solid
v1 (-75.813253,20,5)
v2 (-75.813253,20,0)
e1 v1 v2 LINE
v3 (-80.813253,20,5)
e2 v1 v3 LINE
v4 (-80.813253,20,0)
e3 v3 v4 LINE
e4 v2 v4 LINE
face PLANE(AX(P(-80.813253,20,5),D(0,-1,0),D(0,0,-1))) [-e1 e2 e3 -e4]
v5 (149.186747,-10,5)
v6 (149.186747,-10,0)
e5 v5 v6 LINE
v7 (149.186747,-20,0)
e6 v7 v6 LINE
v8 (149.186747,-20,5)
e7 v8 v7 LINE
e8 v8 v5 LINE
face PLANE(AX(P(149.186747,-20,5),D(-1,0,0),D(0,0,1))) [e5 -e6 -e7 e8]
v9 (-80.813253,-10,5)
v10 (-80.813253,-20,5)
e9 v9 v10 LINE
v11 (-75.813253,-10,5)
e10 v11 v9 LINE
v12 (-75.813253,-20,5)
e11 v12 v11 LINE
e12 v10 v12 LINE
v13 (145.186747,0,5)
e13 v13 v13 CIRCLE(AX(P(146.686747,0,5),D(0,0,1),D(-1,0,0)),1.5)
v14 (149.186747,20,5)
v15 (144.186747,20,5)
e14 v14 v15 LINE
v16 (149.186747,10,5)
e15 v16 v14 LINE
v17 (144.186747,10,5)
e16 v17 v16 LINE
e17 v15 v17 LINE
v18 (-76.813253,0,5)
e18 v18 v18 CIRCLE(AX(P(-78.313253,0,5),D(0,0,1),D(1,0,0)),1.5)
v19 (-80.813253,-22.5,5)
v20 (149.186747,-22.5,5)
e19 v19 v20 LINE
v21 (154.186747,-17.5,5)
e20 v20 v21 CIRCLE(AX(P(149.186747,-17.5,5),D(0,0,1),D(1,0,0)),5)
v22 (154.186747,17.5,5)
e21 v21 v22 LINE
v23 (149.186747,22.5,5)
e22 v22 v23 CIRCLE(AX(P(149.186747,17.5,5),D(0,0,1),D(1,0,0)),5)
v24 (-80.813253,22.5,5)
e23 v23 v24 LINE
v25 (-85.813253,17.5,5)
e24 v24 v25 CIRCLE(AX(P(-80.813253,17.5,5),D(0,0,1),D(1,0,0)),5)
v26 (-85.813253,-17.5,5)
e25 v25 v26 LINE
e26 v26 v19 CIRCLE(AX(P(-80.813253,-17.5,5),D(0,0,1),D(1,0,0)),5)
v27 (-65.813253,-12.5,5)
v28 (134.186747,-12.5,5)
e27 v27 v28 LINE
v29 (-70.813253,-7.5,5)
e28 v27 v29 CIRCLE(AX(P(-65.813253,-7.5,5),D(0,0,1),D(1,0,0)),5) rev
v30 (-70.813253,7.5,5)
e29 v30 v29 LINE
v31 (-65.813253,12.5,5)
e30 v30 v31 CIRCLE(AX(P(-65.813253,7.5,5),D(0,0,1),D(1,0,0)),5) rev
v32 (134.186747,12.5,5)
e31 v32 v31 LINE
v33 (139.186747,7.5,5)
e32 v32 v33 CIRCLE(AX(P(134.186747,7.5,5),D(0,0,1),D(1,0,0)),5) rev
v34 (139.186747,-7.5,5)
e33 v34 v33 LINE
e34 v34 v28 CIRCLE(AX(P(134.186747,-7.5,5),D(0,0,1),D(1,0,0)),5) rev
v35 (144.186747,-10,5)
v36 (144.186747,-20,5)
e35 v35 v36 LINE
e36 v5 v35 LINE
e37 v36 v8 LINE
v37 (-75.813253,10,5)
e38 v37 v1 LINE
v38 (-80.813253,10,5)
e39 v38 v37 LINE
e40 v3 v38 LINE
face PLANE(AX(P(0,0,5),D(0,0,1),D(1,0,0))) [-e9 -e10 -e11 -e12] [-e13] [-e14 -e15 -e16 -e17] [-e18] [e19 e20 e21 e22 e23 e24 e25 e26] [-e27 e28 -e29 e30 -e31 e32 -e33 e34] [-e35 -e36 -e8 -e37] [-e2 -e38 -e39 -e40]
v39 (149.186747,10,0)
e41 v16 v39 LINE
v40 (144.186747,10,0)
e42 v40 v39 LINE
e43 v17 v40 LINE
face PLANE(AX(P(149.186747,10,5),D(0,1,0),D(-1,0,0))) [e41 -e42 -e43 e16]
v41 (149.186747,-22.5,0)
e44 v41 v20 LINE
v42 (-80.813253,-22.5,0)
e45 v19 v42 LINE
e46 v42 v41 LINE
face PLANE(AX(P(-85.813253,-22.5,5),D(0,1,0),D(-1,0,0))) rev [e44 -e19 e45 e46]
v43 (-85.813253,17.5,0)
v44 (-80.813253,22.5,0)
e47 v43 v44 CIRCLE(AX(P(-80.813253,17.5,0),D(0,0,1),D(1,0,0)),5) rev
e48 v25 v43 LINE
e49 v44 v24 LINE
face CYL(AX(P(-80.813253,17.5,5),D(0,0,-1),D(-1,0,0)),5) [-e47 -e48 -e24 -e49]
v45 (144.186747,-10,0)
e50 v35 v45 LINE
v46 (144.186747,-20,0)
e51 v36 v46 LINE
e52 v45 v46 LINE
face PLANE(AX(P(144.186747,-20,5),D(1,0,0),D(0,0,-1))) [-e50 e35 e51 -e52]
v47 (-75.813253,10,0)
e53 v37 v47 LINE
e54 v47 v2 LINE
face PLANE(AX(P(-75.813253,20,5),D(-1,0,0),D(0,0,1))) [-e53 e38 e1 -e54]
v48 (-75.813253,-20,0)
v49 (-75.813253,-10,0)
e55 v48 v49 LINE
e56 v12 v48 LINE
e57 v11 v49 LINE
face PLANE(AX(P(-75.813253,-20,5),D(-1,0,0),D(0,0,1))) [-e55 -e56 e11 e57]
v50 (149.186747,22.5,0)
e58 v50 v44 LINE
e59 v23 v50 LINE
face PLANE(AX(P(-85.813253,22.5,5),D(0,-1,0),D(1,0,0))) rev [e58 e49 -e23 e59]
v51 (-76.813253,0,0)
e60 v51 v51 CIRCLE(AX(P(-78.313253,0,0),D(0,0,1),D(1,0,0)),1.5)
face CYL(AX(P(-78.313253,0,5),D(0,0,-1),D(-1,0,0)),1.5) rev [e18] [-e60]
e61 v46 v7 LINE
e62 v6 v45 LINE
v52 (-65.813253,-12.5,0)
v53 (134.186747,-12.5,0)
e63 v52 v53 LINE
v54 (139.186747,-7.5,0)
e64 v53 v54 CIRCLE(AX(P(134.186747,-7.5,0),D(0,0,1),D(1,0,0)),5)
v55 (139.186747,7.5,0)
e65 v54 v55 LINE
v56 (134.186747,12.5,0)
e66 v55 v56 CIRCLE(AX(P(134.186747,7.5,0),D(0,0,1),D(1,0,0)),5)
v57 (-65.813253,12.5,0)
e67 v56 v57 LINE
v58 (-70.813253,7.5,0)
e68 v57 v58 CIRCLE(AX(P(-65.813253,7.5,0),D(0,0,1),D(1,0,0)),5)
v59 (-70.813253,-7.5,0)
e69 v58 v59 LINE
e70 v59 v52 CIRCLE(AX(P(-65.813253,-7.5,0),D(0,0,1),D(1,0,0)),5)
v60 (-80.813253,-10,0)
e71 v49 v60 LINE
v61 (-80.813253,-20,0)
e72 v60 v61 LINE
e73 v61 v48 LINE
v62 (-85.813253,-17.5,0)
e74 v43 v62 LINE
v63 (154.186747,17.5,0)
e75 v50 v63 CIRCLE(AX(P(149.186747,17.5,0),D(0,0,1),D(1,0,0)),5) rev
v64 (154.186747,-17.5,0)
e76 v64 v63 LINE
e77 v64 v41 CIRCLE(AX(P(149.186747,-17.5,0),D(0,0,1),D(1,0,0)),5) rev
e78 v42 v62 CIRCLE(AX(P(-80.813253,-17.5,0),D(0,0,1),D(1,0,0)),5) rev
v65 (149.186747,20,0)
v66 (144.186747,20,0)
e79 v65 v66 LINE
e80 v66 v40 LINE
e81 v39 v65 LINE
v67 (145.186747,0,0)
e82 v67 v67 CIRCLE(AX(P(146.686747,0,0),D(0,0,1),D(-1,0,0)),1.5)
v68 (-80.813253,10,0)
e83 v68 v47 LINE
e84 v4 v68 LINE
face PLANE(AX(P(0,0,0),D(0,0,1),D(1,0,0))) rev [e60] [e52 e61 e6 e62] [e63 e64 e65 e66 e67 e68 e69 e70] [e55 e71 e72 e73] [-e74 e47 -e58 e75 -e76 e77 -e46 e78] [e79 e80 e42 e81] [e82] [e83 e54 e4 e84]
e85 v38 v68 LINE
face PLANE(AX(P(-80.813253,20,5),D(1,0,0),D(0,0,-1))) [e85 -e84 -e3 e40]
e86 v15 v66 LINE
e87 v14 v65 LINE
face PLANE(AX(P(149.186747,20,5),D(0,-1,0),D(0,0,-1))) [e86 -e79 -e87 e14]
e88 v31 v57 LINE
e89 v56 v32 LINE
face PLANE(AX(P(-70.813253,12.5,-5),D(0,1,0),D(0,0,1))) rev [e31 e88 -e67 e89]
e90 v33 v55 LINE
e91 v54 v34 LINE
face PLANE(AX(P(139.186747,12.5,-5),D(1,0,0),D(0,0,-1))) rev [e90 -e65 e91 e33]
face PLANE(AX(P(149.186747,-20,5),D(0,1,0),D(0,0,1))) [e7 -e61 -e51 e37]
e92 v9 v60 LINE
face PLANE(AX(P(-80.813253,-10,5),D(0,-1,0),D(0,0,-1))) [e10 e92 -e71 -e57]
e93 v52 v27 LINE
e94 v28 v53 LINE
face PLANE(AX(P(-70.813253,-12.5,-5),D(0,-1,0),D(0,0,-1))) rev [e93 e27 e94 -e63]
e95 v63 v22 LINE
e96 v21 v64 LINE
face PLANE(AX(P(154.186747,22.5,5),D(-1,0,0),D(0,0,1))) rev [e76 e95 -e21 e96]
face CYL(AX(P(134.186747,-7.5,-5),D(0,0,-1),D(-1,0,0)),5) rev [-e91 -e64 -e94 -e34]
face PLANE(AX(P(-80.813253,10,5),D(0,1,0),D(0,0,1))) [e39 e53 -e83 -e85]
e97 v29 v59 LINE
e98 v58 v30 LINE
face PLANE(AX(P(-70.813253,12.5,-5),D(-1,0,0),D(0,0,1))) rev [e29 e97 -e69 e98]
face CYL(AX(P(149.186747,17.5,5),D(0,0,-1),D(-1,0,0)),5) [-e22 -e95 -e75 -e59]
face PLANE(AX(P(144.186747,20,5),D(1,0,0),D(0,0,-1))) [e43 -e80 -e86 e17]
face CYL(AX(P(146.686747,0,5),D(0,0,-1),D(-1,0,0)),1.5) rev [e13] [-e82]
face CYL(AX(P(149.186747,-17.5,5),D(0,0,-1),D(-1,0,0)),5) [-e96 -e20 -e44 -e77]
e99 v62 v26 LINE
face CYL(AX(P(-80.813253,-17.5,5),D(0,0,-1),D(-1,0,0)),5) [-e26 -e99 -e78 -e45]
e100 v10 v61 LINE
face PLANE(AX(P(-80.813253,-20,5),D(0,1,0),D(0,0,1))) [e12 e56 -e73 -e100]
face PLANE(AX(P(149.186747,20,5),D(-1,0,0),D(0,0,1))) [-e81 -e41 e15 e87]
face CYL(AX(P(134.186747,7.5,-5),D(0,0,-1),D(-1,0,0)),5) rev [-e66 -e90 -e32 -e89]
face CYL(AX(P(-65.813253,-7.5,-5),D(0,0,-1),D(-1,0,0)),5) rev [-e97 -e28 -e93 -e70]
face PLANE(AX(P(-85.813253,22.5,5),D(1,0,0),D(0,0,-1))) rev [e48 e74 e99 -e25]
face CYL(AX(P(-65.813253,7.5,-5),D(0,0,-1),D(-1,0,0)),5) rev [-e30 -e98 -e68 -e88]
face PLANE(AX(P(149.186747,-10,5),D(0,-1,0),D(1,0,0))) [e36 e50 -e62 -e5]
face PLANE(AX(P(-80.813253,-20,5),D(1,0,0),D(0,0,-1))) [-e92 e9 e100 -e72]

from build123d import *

# Parameters (mm, degrees)
SKETCH1_W               = 240
SKETCH1_H               = 45
SKETCH1_R               = 1.5
SKETCH1_W_2             = 5
SKETCH1_H_2             = 10
BOSS_EXTRUDE1_DEPTH     = 5
ESQUISSE1_W             = 210
ESQUISSE1_H             = 25
ENL_V_MAT_EXTRU_1_DEPTH = 10
CONG_1_R                = 5


with BuildPart() as part:
    # Sketch1 → Boss-Extrude1 (new body)
    with BuildSketch(Plane.XY):
        with Locations((34.186746988, 0)):
            Rectangle(SKETCH1_W, SKETCH1_H)
        with Locations((-78.313253012, 0)):
            Circle(SKETCH1_R, mode=Mode.SUBTRACT)
        with Locations(Location((146.686746988, 0, 0), (0, 0, 180))):
            Circle(SKETCH1_R, mode=Mode.SUBTRACT)
        with Locations((-78.313253012, -15)):
            Rectangle(SKETCH1_W_2, SKETCH1_H_2, mode=Mode.SUBTRACT)
        with Locations((-78.313253012, 15)):
            Rectangle(SKETCH1_W_2, SKETCH1_H_2, mode=Mode.SUBTRACT)
        with Locations((146.686746988, -15)):
            Rectangle(SKETCH1_W_2, SKETCH1_H_2, mode=Mode.SUBTRACT)
        with Locations((146.686746988, 15)):
            Rectangle(SKETCH1_W_2, SKETCH1_H_2, mode=Mode.SUBTRACT)
    extrude(amount=BOSS_EXTRUDE1_DEPTH)

    # Esquisse1 → Enlèv. mat.-Extru.1 (cut)
    with BuildSketch(Plane.XY.offset(5)):
        with Locations((34.186746988, 0)):
            Rectangle(ESQUISSE1_W, ESQUISSE1_H)
    extrude(amount=-ENL_V_MAT_EXTRU_1_DEPTH, mode=Mode.SUBTRACT)

    # Congé1
    cong_1_edges = [part.edges().sort_by_distance(p)[0] for p in [
        (-85.813253012, 22.5, 2.5),
        (154.186746988, 22.5, 2.5),
        (154.186746988, -22.5, 2.5),
        (-85.813253012, -22.5, 2.5),
        (-70.813253012, -12.5, 2.5),
        (-70.813253012, 12.5, 2.5),
        (139.186746988, 12.5, 2.5),
        (139.186746988, -12.5, 2.5),
    ]]
    fillet(cong_1_edges, radius=CONG_1_R)


solid = part.part
